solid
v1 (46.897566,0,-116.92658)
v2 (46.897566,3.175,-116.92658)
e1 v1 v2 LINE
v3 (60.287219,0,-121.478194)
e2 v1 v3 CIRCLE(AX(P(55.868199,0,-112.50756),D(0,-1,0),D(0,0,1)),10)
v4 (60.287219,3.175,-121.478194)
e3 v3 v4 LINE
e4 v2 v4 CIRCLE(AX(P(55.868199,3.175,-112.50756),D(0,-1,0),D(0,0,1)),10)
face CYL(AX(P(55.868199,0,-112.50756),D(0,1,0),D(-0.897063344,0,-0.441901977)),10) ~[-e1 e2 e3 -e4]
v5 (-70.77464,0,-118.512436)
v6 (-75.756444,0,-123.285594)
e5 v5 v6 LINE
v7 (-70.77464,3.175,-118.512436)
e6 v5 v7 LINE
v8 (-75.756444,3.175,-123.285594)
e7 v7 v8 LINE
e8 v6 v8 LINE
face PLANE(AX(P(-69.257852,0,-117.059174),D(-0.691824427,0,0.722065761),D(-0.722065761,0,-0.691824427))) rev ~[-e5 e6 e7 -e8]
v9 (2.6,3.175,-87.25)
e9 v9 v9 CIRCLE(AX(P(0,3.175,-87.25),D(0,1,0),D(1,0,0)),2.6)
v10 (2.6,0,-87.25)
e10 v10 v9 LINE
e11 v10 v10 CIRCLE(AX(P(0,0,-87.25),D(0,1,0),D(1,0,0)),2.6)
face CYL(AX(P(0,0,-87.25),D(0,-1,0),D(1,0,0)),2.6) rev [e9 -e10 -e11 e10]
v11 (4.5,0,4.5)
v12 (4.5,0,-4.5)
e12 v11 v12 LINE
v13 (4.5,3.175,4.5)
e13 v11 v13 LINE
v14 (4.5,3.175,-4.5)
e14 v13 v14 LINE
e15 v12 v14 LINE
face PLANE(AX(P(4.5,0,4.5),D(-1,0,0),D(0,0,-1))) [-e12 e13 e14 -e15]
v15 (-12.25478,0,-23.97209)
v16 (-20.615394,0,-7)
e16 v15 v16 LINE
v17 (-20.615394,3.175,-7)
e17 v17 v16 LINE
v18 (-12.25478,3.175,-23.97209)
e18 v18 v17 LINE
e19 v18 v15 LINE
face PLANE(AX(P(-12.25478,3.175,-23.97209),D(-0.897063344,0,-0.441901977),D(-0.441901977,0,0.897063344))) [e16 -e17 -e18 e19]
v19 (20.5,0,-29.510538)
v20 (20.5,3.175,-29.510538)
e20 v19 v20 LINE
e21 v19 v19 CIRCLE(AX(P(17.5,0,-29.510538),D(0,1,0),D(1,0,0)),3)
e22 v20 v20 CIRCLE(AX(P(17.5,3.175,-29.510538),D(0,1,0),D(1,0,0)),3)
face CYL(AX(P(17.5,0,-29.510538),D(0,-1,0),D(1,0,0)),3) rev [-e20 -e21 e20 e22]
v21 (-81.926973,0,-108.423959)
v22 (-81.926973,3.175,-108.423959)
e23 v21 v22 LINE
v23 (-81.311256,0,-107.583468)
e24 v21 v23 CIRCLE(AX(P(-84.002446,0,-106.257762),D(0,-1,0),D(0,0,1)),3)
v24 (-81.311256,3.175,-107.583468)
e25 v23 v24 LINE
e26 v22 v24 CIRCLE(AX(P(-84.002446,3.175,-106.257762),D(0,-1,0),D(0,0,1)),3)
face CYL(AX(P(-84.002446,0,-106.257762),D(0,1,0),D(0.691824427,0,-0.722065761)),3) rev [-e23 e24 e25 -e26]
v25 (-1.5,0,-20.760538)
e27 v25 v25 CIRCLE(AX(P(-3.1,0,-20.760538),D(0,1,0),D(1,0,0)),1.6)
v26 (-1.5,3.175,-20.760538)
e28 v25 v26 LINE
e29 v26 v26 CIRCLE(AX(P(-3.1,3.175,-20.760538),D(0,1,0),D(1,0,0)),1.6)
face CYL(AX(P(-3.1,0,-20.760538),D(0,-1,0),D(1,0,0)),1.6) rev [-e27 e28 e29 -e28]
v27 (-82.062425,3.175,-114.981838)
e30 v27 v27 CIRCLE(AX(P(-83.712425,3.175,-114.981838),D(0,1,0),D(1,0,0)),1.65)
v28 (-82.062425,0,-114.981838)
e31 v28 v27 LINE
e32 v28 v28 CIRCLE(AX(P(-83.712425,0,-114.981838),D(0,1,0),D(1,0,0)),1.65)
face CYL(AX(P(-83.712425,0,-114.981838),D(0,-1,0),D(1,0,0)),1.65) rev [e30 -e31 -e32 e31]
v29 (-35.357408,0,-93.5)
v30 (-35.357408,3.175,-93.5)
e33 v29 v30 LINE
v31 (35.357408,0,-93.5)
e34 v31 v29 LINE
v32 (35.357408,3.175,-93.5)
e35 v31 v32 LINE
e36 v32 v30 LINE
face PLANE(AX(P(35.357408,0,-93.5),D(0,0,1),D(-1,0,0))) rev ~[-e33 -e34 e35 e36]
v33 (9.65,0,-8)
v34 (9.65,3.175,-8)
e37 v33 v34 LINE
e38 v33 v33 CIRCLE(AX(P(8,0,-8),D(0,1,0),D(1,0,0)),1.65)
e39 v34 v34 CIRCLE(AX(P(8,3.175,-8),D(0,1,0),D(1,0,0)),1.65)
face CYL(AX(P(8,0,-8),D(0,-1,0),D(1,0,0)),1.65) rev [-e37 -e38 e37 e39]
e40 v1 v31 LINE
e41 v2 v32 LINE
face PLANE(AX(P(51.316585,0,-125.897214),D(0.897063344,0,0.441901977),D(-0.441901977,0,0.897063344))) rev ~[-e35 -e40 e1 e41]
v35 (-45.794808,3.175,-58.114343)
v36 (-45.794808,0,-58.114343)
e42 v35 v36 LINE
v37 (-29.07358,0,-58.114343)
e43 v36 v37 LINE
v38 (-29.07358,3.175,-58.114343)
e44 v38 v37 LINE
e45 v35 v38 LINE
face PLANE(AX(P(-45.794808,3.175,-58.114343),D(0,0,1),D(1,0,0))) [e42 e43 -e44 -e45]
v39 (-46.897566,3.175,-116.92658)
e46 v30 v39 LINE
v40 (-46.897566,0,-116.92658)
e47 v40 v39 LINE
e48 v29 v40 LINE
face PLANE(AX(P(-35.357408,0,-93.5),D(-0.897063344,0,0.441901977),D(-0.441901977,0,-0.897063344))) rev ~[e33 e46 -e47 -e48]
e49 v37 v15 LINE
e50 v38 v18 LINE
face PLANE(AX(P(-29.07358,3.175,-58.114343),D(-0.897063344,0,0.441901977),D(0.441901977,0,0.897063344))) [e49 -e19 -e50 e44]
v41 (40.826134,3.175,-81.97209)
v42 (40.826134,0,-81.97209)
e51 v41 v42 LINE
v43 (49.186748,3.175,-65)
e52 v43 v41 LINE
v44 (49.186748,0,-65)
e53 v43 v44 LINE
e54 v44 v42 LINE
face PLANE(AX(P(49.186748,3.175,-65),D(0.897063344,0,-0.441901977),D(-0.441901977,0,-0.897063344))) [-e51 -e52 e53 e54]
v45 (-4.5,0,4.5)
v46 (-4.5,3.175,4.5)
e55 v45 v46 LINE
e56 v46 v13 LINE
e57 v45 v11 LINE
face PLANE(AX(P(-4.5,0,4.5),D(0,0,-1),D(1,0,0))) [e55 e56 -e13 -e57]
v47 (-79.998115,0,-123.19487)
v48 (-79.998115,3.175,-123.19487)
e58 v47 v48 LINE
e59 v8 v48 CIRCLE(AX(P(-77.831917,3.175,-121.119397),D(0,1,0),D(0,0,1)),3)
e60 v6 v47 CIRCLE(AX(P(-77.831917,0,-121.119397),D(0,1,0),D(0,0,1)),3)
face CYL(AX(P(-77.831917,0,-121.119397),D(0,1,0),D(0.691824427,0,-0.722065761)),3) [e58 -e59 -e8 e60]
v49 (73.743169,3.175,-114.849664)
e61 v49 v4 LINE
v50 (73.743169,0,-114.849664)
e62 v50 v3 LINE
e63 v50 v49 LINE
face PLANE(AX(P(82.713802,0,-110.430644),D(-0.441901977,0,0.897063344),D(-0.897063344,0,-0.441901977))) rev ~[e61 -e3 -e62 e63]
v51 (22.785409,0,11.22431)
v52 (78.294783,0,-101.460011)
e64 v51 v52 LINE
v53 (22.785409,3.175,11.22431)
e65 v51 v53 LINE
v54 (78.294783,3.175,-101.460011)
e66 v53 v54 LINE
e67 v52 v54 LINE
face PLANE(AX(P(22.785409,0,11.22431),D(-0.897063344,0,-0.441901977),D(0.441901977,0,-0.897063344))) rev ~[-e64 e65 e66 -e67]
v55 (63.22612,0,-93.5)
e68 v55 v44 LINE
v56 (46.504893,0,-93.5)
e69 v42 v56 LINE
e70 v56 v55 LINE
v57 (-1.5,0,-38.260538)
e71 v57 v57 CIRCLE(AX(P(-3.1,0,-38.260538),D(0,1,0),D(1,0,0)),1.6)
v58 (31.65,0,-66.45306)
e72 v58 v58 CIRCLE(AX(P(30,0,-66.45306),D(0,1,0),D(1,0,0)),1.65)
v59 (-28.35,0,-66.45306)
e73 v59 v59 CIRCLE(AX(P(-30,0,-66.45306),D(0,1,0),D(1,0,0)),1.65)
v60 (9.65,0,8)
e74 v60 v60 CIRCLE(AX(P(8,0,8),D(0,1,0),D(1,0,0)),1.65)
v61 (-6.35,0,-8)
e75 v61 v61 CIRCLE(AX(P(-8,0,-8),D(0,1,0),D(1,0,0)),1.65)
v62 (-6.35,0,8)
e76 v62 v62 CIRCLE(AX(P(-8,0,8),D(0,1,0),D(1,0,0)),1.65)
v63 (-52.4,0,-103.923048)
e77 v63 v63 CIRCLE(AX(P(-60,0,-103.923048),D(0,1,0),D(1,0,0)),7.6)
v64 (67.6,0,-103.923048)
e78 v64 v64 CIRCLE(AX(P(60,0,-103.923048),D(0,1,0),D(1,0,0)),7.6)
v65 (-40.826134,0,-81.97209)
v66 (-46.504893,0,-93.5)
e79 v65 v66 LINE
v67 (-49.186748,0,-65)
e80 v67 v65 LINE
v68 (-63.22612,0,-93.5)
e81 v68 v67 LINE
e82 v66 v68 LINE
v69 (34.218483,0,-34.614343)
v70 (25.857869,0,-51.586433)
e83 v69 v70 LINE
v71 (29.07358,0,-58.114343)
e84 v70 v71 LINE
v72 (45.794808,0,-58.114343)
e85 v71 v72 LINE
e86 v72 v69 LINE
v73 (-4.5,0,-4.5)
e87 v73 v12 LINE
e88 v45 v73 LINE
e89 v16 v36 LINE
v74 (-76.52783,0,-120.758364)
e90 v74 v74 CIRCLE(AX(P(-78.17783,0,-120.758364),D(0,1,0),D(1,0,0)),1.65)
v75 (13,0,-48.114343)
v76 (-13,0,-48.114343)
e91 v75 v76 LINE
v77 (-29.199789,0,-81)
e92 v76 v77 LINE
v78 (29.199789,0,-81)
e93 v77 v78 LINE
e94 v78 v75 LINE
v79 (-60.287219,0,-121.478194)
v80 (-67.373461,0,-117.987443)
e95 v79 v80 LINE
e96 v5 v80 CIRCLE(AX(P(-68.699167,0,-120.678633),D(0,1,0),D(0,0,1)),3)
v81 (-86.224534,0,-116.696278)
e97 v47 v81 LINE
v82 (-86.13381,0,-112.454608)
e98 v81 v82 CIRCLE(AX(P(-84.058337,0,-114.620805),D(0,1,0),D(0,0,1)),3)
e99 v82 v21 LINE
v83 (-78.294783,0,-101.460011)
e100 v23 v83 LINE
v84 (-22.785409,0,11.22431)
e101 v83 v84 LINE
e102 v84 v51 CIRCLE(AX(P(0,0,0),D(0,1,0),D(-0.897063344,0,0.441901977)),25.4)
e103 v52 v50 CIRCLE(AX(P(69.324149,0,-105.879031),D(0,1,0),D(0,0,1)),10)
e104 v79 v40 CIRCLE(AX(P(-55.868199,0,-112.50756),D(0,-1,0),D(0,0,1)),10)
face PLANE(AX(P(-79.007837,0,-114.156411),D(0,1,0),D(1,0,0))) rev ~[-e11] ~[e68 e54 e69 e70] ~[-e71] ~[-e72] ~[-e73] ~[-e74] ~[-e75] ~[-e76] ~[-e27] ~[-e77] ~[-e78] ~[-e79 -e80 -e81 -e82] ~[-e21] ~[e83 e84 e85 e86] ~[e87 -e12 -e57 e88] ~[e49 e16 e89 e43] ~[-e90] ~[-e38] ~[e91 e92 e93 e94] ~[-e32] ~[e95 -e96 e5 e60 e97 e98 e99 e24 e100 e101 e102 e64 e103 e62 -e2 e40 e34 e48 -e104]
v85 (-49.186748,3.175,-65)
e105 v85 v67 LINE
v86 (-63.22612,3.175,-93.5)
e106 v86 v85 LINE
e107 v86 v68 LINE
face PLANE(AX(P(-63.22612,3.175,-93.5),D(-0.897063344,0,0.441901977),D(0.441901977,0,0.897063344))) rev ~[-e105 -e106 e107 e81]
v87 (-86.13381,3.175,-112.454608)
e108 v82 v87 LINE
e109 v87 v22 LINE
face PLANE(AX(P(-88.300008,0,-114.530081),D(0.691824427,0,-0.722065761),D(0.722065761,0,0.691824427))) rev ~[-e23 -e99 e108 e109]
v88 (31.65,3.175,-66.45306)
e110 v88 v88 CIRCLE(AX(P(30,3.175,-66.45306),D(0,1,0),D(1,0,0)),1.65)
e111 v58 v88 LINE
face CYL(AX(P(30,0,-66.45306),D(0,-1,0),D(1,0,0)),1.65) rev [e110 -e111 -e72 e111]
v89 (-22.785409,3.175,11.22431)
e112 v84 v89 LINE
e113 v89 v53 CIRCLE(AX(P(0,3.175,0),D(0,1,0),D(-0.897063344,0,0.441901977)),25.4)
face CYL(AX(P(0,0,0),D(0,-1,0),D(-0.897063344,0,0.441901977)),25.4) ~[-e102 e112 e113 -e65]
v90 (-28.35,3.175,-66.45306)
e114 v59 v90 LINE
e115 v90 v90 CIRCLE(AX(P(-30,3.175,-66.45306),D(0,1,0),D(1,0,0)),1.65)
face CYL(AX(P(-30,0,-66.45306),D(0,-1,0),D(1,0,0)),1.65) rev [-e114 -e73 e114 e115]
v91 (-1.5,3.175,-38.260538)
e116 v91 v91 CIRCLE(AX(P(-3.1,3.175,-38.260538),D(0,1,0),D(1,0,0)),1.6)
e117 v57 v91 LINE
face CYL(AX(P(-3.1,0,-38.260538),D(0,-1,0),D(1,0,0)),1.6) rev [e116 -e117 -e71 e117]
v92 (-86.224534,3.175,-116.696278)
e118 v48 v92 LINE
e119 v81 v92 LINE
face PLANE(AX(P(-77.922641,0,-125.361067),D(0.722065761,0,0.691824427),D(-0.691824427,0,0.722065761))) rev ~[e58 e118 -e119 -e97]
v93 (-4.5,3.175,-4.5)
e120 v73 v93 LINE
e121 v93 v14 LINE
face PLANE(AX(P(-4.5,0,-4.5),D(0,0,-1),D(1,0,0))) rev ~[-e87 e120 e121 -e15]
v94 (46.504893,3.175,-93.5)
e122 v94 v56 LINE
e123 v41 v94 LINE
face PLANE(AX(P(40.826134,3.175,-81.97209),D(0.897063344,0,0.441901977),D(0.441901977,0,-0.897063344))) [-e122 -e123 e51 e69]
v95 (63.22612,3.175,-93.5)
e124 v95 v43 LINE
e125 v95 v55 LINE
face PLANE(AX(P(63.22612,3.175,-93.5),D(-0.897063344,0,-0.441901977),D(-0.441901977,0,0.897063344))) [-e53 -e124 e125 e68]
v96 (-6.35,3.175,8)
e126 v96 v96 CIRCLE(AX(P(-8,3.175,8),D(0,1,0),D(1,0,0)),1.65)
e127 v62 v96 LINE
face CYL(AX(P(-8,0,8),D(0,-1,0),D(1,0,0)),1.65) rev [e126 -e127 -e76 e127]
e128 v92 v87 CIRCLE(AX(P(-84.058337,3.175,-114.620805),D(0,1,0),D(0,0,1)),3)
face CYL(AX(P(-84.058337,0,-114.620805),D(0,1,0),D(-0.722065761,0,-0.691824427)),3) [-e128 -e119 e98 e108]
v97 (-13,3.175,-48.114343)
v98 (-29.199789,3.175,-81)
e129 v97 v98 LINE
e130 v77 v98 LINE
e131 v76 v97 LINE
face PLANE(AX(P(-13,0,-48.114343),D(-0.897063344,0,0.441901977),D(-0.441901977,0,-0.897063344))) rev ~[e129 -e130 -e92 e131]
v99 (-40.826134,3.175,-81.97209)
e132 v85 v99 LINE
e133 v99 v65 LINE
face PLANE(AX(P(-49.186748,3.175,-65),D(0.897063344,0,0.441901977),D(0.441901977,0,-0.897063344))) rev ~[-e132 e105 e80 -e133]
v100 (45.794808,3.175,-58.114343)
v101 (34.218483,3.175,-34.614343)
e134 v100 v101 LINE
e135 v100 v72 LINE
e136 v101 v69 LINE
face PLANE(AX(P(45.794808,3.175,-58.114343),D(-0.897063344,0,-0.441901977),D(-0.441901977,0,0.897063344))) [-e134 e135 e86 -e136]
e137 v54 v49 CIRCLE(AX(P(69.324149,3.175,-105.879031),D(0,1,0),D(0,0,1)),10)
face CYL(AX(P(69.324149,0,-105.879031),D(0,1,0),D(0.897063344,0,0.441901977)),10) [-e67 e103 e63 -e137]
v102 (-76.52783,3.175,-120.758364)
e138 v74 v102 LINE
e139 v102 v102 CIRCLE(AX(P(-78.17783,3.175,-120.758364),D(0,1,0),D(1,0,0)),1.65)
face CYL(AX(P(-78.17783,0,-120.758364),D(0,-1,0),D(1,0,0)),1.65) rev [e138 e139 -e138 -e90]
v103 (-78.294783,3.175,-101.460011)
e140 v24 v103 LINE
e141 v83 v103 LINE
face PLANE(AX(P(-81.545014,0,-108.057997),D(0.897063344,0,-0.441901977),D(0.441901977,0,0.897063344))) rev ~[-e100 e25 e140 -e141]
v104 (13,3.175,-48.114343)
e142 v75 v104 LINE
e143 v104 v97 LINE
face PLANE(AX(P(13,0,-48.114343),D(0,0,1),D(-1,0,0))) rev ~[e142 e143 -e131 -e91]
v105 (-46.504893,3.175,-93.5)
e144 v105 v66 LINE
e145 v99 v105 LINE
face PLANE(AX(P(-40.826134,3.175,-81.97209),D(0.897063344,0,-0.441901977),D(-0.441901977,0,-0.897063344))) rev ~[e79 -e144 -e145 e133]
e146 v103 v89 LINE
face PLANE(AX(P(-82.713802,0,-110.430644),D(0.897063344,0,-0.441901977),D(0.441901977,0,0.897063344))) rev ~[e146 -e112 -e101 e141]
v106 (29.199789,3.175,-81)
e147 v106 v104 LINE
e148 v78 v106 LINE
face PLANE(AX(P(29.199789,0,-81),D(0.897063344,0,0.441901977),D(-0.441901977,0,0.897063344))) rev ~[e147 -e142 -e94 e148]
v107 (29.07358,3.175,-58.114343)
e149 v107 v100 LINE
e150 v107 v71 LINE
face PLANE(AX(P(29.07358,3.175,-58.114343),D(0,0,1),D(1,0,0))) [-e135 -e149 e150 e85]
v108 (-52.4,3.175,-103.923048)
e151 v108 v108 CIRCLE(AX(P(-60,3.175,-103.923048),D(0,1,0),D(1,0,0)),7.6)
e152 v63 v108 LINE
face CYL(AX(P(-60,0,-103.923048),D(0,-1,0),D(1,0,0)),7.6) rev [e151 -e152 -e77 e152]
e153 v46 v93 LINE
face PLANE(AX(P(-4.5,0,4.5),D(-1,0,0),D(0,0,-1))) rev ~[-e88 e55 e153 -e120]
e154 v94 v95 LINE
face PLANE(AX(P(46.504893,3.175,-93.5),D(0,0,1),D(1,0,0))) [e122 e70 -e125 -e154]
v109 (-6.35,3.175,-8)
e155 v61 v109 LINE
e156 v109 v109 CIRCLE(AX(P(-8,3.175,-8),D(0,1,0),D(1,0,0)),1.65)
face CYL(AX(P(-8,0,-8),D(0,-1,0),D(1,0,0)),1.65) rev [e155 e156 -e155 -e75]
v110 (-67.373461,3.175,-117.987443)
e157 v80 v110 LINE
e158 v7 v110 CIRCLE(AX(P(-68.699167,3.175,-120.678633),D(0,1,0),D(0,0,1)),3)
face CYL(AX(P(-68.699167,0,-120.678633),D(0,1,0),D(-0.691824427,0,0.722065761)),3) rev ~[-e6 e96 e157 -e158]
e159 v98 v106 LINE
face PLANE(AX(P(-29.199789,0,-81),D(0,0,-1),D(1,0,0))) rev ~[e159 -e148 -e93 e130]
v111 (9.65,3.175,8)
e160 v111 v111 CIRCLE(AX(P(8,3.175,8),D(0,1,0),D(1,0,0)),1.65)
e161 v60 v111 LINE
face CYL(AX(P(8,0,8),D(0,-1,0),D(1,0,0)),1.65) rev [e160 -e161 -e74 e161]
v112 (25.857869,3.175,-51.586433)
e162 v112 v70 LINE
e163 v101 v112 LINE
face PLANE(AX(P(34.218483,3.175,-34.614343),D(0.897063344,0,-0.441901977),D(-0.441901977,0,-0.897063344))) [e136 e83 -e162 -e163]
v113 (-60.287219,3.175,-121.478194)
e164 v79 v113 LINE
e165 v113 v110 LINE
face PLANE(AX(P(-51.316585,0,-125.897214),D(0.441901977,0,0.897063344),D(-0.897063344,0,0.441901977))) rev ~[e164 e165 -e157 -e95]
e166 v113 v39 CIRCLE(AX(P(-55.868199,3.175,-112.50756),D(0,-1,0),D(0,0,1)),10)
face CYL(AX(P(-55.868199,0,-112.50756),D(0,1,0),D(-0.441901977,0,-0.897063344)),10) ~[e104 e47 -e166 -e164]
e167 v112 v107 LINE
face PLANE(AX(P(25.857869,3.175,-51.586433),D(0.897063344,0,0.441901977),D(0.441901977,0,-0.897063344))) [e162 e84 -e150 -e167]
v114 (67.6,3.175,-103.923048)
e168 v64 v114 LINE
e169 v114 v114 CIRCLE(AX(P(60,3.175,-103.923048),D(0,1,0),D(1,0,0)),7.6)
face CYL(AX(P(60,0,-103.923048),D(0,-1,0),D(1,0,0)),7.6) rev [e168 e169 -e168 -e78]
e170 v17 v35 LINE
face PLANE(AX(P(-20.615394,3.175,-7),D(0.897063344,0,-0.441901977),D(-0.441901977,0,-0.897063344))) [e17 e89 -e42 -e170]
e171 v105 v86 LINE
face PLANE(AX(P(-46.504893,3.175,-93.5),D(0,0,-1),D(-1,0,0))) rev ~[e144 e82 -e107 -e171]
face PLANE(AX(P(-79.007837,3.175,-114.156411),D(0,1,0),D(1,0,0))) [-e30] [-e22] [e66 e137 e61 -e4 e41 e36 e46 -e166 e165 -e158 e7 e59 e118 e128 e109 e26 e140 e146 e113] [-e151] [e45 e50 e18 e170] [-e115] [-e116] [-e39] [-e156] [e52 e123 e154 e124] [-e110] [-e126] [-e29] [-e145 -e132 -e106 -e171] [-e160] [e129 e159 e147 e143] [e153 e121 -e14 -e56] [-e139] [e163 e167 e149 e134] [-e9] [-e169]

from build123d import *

# Parameters (mm, degrees)
SKETCH1_R               = 1.65
SKETCH1_W               = 9
SKETCH1_H               = 9
SKETCH1_R_2             = 1.6
SKETCH1_R_3             = 3
SKETCH1_R_4             = 7.6
SKETCH1_R_5             = 2.6
BOSS_EXTRUDE1_DEPTH     = 3.175
FILLET1_R               = 10
CUT_EXTRUDE1_DEPTH      = 1
CUT_EXTRUDE1_DEPTH_BACK = 4.175
SKETCH3_R               = 1.65
BOSS_EXTRUDE2_DEPTH     = 3.175
FILLET2_R               = 3


with BuildPart() as part:
    # Sketch1 → Boss-Extrude1 (new body)
    with BuildSketch(Plane(origin=(0, 0, 0), x_dir=(1, 0, 0), z_dir=(0, 1, 0))):
        with BuildLine():
            Line((-51.31658538, 125.897213638), (-82.713802404, 110.430644428))
            Line((-82.713802404, 110.430644428), (-22.785408926, -11.224310227))
            ThreePointArc((-22.785408926, -11.224310227), (0, -25.4), (22.785408926, -11.224310227))
            Line((22.785408926, -11.224310227), (82.713802404, 110.430644428))
            Line((82.713802404, 110.430644428), (51.31658538, 125.897213638))
            Line((51.31658538, 125.897213638), (35.357408279, 93.5))
            Line((35.357408279, 93.5), (-35.357408279, 93.5))
            Line((-35.357408279, 93.5), (-51.31658538, 125.897213638))
        make_face()
        Polygon((-29.1997888, 81), (29.1997888, 81), (13, 48.114343343), (-13, 48.114343343), align=None, mode=Mode.SUBTRACT)
        with Locations((-8, -8)):
            Circle(SKETCH1_R, mode=Mode.SUBTRACT)
        Rectangle(SKETCH1_W, SKETCH1_H, mode=Mode.SUBTRACT)
        with Locations((-8, 8)):
            Circle(SKETCH1_R, mode=Mode.SUBTRACT)
        with Locations((-3.1, 20.76053754)):
            Circle(SKETCH1_R_2, mode=Mode.SUBTRACT)
        with Locations((8, -8)):
            Circle(SKETCH1_R, mode=Mode.SUBTRACT)
        with Locations((8, 8)):
            Circle(SKETCH1_R, mode=Mode.SUBTRACT)
        with Locations((17.5, 29.51053754)):
            Circle(SKETCH1_R_3, mode=Mode.SUBTRACT)
        with Locations((-30, 66.453060464)):
            Circle(SKETCH1_R, mode=Mode.SUBTRACT)
        with Locations((-60, 103.923048454)):
            Circle(SKETCH1_R_4, mode=Mode.SUBTRACT)
        with Locations((30, 66.453060464)):
            Circle(SKETCH1_R, mode=Mode.SUBTRACT)
        with Locations((60, 103.923048454)):
            Circle(SKETCH1_R_4, mode=Mode.SUBTRACT)
        with Locations((0, 87.25)):
            Circle(SKETCH1_R_5, mode=Mode.SUBTRACT)
        with Locations((-3.1, 38.26053754)):
            Circle(SKETCH1_R_2, mode=Mode.SUBTRACT)
    extrude(amount=BOSS_EXTRUDE1_DEPTH)

    # Fillet1
    fillet1_edges = [part.edges().sort_by_distance(p)[0] for p in [
        (51.31658538, 1.5875, -125.897213638),
        (82.713802404, 1.5875, -110.430644428),
        (-82.713802404, 1.5875, -110.430644428),
        (-51.31658538, 1.5875, -125.897213638),
    ]]
    fillet(fillet1_edges, radius=FILLET1_R)

    # Sketch2 → Cut-Extrude1 (cut, two sides)
    with BuildSketch(Plane(origin=(0, 3.175, 0), x_dir=(1, 0, 0), z_dir=(0, 1, 0))) as cut_extrude1_sk:
        Polygon((-45.79480762, 58.114343343), (-29.073580398, 58.114343343), (-12.254779912, 23.972089701), (-20.615393523, 7), align=None)
        Polygon((-63.226120316, 93.5), (-49.186747904, 65), (-40.826134293, 81.972089701), (-46.504893094, 93.5), align=None)
        Polygon((29.073580398, 58.114343343), (45.79480762, 58.114343343), (34.218483, 34.614343343), (25.857869389, 51.586433044), align=None)
        Polygon((46.504893094, 93.5), (63.226120316, 93.5), (49.186747904, 65), (40.826134293, 81.972089701), align=None)
    extrude(amount=CUT_EXTRUDE1_DEPTH, mode=Mode.SUBTRACT)
    extrude(cut_extrude1_sk.sketch, amount=-CUT_EXTRUDE1_DEPTH_BACK, mode=Mode.SUBTRACT)

    # Sketch3 → Boss-Extrude2 (add)
    with BuildSketch(Plane(origin=(0, 0, 0), x_dir=(1, 0, 0), z_dir=(0, 1, 0))):
        with BuildLine():
            Line((-69.257852251, 117.059174089), (-77.922641378, 125.361067209))
            Line((-77.922641378, 125.361067209), (-88.300007778, 114.5300808))
            Line((-88.300007778, 114.5300808), (-81.545013782, 108.057997365))
            Line((-81.545013782, 108.057997365), (-78.29478263, 101.460010992))
            ThreePointArc((-78.29478263, 101.460010992), (-78.792063776, 109.097507652), (-73.743168968, 114.849664202))
            Line((-73.743168968, 114.849664202), (-69.257852251, 117.059174089))
        make_face()
        with Locations((-78.17782959, 120.758363767)):
            Circle(SKETCH3_R, mode=Mode.SUBTRACT)
        with Locations((-83.712425003, 114.981837682)):
            Circle(SKETCH3_R, mode=Mode.SUBTRACT)
    extrude(amount=BOSS_EXTRUDE2_DEPTH)

    # Fillet2
    fillet2_edges = [part.edges().sort_by_distance(p)[0] for p in [
        (-81.545013782, 1.5875, -108.057997365),
        (-88.300007778, 1.5875, -114.5300808),
        (-77.922641378, 1.5875, -125.361067209),
        (-69.257852251, 1.5875, -117.059174089),
    ]]
    fillet(fillet2_edges, radius=FILLET2_R)


solid = part.part
